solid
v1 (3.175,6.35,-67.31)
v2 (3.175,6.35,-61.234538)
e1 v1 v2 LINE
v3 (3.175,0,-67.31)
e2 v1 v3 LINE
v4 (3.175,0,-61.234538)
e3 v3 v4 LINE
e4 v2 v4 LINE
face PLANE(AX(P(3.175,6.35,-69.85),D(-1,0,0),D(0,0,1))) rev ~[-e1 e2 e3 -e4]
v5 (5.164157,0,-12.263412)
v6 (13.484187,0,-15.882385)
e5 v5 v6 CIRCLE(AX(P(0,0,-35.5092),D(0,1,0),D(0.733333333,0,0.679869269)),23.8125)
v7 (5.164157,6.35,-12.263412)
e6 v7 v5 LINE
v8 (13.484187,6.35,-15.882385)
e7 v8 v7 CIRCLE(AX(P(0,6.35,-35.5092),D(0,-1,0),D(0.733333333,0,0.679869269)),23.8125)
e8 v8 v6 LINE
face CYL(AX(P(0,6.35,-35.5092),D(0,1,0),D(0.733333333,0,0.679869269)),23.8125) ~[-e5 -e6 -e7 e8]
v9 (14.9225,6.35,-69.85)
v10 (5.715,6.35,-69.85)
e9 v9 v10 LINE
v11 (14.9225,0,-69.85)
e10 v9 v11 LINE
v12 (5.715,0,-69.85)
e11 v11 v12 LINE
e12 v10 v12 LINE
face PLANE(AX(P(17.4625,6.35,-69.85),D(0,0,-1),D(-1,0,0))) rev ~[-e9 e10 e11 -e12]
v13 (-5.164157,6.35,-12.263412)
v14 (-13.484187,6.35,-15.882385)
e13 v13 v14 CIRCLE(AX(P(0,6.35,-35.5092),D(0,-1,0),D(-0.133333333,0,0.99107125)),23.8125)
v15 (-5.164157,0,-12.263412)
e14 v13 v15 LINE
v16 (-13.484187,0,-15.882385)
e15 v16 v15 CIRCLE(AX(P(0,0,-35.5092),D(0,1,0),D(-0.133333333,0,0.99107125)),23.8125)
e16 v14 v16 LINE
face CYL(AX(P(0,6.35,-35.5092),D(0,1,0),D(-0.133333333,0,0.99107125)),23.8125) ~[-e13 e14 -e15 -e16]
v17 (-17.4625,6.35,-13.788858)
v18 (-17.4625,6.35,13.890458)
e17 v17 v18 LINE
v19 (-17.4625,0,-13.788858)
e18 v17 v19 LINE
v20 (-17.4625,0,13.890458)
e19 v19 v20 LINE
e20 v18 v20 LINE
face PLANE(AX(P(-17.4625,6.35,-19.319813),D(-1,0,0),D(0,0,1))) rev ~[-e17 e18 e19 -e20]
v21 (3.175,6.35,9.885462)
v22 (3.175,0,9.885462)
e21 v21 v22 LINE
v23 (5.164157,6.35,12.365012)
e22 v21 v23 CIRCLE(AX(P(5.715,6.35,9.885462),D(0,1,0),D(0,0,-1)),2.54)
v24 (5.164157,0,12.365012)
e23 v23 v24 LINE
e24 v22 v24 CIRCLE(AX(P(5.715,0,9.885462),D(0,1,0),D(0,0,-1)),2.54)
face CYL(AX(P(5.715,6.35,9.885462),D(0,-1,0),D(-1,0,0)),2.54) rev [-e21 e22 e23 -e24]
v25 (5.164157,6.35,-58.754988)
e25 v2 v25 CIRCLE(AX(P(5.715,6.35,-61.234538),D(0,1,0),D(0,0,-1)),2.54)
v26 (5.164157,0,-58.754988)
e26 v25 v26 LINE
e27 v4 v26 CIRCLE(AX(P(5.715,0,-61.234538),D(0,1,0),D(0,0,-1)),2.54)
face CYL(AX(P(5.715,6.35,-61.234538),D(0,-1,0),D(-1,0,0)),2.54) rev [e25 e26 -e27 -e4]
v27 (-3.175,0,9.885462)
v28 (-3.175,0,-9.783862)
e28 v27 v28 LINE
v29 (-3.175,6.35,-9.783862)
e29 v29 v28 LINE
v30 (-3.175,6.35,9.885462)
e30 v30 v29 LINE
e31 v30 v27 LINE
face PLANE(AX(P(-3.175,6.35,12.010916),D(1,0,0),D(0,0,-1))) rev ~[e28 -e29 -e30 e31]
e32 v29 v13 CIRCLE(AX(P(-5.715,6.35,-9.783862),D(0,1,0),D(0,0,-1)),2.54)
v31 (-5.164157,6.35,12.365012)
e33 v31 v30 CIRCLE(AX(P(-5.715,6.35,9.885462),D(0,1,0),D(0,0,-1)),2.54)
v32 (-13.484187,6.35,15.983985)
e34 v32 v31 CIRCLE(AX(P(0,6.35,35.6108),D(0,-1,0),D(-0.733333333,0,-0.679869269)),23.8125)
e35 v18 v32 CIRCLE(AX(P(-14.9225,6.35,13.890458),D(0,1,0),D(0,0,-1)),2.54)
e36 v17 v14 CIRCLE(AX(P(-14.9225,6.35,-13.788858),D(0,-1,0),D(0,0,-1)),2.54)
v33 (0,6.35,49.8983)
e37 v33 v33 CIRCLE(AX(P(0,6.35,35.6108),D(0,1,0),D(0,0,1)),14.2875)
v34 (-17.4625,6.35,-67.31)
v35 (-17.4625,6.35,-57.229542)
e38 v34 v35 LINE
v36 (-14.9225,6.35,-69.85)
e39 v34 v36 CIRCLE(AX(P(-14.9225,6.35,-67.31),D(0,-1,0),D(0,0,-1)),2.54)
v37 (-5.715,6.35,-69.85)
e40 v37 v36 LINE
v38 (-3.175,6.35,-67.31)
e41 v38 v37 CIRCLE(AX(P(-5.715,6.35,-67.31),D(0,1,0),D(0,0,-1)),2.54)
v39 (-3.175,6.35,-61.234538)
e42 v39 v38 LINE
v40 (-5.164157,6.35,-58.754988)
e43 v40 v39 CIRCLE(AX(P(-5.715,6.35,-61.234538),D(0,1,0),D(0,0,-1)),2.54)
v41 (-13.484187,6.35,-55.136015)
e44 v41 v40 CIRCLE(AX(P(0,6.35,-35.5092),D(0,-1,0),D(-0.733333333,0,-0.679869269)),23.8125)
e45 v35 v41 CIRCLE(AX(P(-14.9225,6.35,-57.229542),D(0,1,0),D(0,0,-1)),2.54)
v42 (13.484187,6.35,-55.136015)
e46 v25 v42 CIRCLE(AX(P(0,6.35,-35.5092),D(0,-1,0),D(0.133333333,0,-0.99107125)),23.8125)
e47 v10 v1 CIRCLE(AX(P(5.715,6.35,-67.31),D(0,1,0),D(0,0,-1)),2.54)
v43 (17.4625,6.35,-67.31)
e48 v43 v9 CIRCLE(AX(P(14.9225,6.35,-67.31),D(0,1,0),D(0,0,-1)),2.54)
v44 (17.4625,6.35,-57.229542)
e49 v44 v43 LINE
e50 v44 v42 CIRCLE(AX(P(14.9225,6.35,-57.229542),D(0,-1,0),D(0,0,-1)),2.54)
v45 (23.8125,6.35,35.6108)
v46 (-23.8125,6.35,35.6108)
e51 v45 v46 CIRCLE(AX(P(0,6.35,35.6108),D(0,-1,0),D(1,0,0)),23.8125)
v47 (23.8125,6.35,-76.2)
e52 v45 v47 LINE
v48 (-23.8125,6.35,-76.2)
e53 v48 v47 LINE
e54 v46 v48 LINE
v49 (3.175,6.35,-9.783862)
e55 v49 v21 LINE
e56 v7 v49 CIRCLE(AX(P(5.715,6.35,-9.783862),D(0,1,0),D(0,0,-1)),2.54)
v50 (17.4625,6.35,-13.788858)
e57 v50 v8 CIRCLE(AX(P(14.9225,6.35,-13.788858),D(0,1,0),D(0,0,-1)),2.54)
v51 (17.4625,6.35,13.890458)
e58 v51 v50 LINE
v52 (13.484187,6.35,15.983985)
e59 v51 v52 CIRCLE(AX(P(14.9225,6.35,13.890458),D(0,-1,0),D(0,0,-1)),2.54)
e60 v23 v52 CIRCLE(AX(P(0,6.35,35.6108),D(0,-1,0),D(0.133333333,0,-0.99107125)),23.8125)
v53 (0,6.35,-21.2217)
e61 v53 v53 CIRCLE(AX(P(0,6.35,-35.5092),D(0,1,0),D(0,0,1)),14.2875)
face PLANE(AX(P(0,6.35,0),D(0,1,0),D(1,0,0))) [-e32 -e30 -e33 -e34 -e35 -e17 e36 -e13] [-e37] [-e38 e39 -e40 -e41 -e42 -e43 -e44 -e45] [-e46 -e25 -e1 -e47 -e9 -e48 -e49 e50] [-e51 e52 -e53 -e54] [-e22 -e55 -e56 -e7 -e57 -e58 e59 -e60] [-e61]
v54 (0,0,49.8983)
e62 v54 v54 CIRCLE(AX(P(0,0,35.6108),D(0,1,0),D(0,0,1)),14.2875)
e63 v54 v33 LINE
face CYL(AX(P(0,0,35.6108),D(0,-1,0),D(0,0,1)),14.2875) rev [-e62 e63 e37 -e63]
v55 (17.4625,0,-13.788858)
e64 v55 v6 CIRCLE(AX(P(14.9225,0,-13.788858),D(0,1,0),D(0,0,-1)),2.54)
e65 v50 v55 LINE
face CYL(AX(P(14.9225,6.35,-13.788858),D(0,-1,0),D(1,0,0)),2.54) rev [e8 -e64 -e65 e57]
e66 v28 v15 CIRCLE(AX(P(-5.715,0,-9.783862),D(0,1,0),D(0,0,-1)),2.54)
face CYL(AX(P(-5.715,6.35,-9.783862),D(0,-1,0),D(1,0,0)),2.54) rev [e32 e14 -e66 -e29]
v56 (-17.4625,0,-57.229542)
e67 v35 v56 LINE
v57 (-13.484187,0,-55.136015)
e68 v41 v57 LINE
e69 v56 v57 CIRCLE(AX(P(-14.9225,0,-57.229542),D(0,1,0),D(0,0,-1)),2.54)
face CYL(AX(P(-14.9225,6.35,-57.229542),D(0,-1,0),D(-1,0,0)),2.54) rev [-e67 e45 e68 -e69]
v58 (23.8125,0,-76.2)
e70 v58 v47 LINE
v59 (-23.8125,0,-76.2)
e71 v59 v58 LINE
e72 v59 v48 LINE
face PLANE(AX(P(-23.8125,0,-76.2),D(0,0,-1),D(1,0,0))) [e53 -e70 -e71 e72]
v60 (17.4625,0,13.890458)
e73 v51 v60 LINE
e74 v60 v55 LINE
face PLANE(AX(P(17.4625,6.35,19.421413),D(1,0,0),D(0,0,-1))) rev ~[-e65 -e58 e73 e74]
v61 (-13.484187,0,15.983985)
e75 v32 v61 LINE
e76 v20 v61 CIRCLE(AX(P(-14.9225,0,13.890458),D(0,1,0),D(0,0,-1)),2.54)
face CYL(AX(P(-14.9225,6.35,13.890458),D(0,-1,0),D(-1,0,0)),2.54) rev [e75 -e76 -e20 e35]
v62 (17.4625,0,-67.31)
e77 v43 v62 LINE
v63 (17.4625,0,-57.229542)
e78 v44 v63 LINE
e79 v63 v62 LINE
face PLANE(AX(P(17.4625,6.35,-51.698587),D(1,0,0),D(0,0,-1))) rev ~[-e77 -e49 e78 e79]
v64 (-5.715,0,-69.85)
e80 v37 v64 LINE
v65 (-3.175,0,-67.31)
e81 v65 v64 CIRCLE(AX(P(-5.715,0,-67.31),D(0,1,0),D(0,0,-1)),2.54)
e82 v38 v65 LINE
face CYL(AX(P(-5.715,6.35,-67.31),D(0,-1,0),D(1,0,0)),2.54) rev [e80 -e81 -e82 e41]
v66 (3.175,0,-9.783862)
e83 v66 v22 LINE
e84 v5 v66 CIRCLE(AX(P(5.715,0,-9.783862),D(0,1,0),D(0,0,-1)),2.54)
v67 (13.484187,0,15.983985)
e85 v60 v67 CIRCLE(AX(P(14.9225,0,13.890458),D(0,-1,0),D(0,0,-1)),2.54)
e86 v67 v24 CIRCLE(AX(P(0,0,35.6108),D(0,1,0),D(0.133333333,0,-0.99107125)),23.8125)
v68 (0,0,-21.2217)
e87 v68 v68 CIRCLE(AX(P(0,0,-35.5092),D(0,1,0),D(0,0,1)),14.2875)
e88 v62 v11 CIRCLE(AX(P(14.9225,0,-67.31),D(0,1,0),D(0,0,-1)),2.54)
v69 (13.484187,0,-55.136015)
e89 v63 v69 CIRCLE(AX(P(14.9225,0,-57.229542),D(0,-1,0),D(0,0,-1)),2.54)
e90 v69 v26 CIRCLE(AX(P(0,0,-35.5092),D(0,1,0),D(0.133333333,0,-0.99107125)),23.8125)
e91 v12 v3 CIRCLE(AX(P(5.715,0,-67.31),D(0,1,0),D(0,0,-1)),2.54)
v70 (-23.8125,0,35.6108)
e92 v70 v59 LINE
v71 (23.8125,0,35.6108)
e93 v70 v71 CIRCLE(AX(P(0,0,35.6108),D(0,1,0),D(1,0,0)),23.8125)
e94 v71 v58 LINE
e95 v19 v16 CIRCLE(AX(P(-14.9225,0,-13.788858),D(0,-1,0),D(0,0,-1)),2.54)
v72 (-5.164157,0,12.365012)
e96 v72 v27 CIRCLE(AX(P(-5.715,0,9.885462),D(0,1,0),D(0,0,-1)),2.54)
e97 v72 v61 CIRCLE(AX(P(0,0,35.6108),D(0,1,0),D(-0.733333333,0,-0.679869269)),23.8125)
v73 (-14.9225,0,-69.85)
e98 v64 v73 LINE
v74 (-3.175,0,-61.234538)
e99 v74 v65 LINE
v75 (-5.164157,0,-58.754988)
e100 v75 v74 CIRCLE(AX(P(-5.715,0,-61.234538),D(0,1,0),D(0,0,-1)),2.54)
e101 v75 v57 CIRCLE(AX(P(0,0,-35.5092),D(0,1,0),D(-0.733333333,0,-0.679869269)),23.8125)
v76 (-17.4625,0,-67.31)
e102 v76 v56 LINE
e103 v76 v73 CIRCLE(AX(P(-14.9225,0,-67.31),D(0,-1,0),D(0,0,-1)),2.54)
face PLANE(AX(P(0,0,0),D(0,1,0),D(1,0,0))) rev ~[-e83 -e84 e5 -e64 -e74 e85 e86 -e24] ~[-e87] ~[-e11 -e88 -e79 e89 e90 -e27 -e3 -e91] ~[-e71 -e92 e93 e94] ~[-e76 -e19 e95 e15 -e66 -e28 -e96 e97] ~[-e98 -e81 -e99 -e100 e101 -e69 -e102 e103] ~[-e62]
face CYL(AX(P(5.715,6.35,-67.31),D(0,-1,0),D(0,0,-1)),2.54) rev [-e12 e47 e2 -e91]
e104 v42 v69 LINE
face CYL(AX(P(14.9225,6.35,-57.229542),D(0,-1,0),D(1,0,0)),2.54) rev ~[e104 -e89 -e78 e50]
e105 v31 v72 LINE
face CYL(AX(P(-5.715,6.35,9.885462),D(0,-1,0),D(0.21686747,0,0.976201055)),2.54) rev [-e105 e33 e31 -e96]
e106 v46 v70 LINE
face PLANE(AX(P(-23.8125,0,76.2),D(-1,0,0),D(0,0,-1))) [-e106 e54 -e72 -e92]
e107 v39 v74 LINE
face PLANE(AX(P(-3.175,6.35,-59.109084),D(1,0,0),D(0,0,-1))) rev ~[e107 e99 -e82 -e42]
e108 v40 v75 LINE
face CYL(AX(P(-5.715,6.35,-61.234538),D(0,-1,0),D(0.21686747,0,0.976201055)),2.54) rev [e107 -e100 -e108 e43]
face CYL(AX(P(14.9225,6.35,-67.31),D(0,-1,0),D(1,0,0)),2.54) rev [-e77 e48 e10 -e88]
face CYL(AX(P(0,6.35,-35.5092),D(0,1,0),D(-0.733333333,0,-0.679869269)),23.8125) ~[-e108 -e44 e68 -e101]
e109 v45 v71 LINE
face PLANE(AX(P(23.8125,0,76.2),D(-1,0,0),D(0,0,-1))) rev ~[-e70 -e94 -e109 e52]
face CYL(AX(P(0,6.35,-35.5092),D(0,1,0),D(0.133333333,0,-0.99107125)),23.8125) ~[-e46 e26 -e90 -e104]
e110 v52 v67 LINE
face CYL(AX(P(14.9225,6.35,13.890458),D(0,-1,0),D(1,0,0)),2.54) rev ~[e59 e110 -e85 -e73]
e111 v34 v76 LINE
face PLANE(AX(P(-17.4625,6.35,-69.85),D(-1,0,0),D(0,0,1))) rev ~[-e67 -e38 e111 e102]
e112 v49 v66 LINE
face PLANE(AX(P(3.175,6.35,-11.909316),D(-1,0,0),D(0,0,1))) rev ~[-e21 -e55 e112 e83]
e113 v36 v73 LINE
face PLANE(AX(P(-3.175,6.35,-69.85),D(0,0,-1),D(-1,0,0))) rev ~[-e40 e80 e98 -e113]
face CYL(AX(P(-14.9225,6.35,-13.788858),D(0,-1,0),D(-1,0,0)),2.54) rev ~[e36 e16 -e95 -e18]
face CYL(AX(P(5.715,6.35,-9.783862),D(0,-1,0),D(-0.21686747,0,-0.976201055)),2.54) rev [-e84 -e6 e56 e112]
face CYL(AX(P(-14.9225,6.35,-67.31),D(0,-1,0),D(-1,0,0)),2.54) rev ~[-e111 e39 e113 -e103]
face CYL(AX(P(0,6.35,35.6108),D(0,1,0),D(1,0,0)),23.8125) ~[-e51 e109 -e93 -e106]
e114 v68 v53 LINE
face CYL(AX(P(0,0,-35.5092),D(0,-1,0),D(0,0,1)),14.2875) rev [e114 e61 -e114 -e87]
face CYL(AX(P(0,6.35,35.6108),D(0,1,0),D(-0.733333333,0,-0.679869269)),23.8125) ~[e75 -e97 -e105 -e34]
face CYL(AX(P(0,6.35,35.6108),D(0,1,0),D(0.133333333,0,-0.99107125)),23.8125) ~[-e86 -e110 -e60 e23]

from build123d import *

# Parameters (mm, degrees)
SKETCH1_W           = 47.625
SKETCH1_H           = 152.4
SKETCH1_R           = 14.2875
BOSS_EXTRUDE1_DEPTH = 6.35
CUT_EXTRUDE1_DEPTH  = 81.086188923
FILLET1_R           = 2.54


with BuildPart() as part:
    # Sketch1 → Boss-Extrude1 (new body)
    with BuildSketch(Plane(origin=(0, 0, 0), x_dir=(1, 0, 0), z_dir=(0, 1, 0))):
        Rectangle(SKETCH1_W, SKETCH1_H)
        with Locations(Location((0, 35.5092, 0), (0, 0, 270))):
            Circle(SKETCH1_R, mode=Mode.SUBTRACT)
        with Locations(Location((0, -35.6108, 0), (0, 0, 270))):
            Circle(SKETCH1_R, mode=Mode.SUBTRACT)
    extrude(amount=BOSS_EXTRUDE1_DEPTH)

    # Sketch2 → Cut-Extrude1 (cut, through all)
    with BuildSketch(Plane(origin=(0, 6.35, 0), x_dir=(1, 0, 0), z_dir=(0, 1, 0))):
        with BuildLine():
            ThreePointArc((23.8125, -35.6108), (0, -59.4233), (-23.8125, -35.6108))
            Line((-23.8125, -35.6108), (-23.8125, -76.2))
            Line((-23.8125, -76.2), (23.8125, -76.2))
            Line((23.8125, -76.2), (23.8125, -35.6108))
        make_face()
        with BuildLine():
            Line((-17.4625, 69.85), (-17.4625, 51.698586956))
            ThreePointArc((-17.4625, 51.698586956), (-10.963825458, 56.647546377), (-3.175, 59.109084136))
            Line((-3.175, 59.109084136), (-3.175, 69.85))
            Line((-3.175, 69.85), (-17.4625, 69.85))
        make_face()
        with BuildLine():
            ThreePointArc((-3.175, 11.909315864), (-10.963825458, 14.370853623), (-17.4625, 19.319813044))
            Line((-17.4625, 19.319813044), (-17.4625, -19.421413044))
            ThreePointArc((-17.4625, -19.421413044), (-10.963825458, -14.472453623), (-3.175, -12.010915864))
            Line((-3.175, -12.010915864), (-3.175, 11.909315864))
        make_face()
        with BuildLine():
            ThreePointArc((3.175, 59.109084136), (10.963825458, 56.647546377), (17.4625, 51.698586956))
            Line((17.4625, 51.698586956), (17.4625, 69.85))
            Line((17.4625, 69.85), (3.175, 69.85))
            Line((3.175, 69.85), (3.175, 59.109084136))
        make_face()
        with BuildLine():
            Line((17.4625, -19.421413044), (17.4625, 19.319813044))
            ThreePointArc((17.4625, 19.319813044), (10.963825458, 14.370853623), (3.175, 11.909315864))
            Line((3.175, 11.909315864), (3.175, -12.010915864))
            ThreePointArc((3.175, -12.010915864), (10.963825458, -14.472453623), (17.4625, -19.421413044))
        make_face()
    extrude(amount=-CUT_EXTRUDE1_DEPTH, mode=Mode.SUBTRACT)

    # Fillet1
    fillet1_edges = [part.edges().sort_by_distance(p)[0] for p in [
        (-3.175, 3.175, -59.109084136),
        (-17.4625, 3.175, -51.698586956),
        (-17.4625, 3.175, -69.85),
        (-3.175, 3.175, -69.85),
        (17.4625, 3.175, -51.698586956),
        (3.175, 3.175, -59.109084136),
        (3.175, 3.175, -69.85),
        (17.4625, 3.175, -69.85),
        (-3.175, 3.175, 12.010915864),
        (-17.4625, 3.175, 19.421413044),
        (-17.4625, 3.175, -19.319813044),
        (-3.175, 3.175, -11.909315864),
        (17.4625, 3.175, 19.421413044),
        (3.175, 3.175, 12.010915864),
        (3.175, 3.175, -11.909315864),
        (17.4625, 3.175, -19.319813044),
    ]]
    fillet(fillet1_edges, radius=FILLET1_R)


solid = part.part
